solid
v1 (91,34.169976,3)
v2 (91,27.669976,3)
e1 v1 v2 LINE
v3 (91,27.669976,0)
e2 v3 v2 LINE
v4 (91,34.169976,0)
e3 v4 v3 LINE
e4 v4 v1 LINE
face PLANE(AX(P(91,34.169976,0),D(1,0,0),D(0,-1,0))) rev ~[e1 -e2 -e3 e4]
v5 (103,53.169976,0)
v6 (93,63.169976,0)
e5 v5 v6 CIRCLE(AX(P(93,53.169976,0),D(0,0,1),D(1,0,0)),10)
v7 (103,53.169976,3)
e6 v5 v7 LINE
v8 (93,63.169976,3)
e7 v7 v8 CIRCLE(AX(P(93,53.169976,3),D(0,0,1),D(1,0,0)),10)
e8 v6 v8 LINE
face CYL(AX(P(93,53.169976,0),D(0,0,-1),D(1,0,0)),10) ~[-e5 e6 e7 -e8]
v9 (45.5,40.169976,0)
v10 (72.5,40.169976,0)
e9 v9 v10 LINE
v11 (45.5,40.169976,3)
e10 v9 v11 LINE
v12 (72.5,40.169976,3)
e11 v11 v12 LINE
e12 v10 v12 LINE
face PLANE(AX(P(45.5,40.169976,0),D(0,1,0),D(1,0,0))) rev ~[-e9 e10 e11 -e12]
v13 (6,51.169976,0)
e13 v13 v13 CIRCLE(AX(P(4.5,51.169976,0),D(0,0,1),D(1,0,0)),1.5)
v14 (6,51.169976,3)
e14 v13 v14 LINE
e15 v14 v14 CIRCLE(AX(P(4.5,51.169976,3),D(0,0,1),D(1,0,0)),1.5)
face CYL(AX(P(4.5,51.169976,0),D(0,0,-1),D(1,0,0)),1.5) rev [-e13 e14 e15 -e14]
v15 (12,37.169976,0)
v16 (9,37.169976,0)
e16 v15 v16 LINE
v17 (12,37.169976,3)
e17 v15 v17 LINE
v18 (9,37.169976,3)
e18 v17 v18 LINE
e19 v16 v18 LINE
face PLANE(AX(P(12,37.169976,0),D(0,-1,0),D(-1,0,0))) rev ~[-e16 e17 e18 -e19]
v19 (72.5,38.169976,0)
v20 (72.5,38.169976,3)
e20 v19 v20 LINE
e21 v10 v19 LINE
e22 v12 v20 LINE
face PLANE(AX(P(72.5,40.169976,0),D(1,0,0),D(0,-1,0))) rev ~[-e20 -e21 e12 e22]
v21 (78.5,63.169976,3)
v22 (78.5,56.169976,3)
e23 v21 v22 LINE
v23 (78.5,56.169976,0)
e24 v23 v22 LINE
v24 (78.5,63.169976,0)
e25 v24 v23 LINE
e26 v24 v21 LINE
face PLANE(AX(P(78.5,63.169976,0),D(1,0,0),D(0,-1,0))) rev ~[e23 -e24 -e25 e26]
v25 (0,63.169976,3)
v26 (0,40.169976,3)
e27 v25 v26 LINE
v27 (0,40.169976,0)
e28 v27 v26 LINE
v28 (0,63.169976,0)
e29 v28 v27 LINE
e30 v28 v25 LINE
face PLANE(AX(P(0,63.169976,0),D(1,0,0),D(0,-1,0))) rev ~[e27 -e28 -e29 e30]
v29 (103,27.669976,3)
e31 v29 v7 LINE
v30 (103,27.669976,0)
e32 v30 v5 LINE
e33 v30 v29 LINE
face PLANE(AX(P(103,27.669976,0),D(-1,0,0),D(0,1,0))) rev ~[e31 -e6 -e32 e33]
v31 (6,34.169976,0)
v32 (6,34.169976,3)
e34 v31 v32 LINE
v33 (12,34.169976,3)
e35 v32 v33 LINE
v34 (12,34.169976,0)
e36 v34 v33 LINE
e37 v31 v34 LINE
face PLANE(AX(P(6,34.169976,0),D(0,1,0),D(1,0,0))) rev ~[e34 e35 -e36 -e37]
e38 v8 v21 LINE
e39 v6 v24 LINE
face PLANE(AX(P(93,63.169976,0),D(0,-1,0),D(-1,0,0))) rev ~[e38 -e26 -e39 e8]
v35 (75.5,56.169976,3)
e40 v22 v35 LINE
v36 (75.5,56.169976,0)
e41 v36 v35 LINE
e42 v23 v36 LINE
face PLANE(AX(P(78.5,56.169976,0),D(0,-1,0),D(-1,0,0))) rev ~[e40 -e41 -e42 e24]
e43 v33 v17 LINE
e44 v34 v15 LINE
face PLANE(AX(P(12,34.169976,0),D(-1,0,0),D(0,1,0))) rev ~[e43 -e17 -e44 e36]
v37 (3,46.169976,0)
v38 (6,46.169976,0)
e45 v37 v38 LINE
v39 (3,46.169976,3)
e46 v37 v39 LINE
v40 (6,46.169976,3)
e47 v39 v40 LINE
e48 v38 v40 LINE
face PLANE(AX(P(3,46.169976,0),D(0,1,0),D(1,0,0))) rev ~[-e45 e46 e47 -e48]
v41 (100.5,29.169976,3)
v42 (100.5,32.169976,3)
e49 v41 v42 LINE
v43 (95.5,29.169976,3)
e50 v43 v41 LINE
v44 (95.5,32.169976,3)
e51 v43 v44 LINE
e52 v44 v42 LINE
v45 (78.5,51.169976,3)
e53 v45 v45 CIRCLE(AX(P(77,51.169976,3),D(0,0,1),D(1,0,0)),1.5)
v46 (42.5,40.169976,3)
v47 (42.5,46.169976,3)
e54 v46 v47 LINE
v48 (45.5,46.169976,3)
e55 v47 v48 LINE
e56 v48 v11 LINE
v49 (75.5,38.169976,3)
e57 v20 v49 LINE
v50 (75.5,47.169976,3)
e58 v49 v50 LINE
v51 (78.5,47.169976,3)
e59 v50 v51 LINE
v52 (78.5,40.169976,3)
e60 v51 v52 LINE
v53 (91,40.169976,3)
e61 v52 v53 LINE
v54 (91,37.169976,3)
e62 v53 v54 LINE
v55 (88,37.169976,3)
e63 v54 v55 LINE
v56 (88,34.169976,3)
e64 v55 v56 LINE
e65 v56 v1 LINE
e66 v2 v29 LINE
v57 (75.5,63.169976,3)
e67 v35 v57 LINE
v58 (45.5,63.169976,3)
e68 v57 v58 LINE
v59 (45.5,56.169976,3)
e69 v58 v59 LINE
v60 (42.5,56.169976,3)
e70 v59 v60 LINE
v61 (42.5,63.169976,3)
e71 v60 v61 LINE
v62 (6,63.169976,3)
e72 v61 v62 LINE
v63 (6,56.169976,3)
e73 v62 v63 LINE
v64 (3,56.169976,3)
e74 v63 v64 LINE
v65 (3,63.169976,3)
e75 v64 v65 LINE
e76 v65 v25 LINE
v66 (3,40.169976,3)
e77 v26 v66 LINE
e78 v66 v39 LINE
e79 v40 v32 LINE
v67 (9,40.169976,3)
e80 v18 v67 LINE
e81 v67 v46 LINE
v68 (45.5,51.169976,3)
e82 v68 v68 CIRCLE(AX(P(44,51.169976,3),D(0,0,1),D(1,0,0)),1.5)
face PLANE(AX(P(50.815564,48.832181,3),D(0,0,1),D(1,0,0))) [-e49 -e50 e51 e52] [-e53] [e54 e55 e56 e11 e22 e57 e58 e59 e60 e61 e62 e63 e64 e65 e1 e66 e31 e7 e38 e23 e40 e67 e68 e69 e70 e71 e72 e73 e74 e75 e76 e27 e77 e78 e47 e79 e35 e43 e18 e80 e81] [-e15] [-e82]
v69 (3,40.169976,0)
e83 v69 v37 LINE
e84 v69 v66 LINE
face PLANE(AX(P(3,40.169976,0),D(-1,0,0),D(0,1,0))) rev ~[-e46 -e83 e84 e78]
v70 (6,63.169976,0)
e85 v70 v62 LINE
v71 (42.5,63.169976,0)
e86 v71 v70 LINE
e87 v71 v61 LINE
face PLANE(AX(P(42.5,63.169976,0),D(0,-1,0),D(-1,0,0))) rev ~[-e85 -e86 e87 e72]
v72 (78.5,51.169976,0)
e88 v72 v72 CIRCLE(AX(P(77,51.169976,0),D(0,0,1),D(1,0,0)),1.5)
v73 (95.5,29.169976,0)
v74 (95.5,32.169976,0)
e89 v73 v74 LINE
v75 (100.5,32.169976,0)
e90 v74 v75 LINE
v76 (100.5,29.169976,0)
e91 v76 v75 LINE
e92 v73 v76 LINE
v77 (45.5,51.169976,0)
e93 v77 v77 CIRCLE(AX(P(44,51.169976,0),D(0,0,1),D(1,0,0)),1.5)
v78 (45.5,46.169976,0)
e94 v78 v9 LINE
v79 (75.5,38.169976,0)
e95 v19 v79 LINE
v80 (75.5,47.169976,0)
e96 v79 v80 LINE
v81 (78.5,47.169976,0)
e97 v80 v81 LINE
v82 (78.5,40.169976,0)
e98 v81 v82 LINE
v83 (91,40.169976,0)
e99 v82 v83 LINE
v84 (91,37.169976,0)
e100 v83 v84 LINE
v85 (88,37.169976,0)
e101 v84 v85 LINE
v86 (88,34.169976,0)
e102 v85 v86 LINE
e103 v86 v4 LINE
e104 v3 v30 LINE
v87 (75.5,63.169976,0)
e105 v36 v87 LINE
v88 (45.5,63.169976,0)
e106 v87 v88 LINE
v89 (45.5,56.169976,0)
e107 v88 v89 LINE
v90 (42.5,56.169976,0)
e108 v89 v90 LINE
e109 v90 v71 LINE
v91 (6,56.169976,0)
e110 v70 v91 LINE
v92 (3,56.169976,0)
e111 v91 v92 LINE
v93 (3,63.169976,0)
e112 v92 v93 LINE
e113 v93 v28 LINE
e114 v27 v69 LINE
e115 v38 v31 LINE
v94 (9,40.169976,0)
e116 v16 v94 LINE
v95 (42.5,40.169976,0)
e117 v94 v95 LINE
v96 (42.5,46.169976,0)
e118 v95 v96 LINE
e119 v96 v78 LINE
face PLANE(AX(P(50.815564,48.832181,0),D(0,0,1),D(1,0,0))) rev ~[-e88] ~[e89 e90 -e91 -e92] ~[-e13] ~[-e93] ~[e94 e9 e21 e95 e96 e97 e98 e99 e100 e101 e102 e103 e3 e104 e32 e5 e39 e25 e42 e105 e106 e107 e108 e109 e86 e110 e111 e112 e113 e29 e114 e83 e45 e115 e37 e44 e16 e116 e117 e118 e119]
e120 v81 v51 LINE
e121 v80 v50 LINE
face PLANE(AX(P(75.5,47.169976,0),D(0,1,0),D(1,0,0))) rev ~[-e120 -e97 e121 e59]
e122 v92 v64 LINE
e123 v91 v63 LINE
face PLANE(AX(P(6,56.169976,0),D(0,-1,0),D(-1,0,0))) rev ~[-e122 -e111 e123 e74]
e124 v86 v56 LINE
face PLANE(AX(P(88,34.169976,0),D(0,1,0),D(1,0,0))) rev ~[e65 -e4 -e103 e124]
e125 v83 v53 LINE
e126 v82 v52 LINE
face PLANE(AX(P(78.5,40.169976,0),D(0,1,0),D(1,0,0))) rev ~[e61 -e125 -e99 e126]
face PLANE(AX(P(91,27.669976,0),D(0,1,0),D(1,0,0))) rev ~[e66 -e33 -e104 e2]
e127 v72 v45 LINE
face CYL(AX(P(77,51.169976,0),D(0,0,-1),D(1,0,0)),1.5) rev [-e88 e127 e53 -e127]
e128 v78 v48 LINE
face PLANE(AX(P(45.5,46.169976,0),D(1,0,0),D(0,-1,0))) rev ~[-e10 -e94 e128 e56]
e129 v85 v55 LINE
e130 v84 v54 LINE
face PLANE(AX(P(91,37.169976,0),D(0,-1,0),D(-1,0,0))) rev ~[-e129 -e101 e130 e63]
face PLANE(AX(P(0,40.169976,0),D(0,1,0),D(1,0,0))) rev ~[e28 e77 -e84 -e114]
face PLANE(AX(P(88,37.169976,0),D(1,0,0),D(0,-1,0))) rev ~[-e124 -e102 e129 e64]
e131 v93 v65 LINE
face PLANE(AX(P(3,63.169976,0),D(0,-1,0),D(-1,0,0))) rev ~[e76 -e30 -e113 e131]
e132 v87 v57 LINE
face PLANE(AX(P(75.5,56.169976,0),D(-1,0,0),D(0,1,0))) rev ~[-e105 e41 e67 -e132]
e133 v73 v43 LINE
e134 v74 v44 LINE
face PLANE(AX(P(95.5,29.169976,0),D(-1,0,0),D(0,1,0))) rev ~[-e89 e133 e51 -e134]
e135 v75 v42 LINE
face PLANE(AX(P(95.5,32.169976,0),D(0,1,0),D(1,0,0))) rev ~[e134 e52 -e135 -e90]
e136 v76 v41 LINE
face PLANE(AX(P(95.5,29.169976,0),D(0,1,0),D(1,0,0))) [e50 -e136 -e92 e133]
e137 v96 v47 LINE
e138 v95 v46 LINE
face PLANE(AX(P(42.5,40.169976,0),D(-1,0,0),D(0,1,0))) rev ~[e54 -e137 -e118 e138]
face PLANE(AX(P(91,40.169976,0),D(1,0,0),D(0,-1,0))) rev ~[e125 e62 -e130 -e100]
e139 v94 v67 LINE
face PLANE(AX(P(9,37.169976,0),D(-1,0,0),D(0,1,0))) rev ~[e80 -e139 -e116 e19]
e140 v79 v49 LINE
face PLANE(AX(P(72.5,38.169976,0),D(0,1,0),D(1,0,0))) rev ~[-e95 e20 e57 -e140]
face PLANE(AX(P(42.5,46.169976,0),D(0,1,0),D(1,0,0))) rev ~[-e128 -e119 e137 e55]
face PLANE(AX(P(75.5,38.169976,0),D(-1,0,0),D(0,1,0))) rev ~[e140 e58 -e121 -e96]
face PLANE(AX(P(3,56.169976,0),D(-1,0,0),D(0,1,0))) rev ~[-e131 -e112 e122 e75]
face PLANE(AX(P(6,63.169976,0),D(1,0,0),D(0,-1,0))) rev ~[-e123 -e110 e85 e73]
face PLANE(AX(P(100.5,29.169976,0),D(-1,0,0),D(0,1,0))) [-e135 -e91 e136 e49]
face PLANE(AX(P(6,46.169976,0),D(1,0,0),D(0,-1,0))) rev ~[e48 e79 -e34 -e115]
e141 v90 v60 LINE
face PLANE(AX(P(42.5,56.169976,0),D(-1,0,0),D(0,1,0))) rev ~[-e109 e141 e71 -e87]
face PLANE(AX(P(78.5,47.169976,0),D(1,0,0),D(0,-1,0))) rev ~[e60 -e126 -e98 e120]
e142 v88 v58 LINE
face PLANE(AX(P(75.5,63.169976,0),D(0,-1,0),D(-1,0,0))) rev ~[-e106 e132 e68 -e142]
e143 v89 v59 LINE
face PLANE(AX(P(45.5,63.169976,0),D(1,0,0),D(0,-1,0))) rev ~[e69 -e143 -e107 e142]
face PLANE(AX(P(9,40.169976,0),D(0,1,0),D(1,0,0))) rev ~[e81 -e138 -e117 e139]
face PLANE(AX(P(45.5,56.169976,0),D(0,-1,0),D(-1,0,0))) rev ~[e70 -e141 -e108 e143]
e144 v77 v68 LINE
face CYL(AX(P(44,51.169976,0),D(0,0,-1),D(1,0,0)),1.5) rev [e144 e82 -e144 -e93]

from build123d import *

# Parameters (mm, degrees)
SKETCH_1_R      = 1.5
SKETCH_1_W      = 5
SKETCH_1_H      = 3
EXTRUDE_1_DEPTH = 3


with BuildPart() as part:
    # 草图1 → 凸台-拉伸1 (new body)
    with BuildSketch(Plane.XY):
        with BuildLine():
            Line((0, 63.169976396), (0, 40.169976396))
            Line((0, 40.169976396), (3, 40.169976396))
            Line((3, 40.169976396), (3, 46.169976396))
            Line((3, 46.169976396), (6, 46.169976396))
            Line((6, 46.169976396), (6, 34.169976396))
            Line((6, 34.169976396), (12, 34.169976396))
            Line((12, 34.169976396), (12, 37.169976396))
            Line((12, 37.169976396), (9, 37.169976396))
            Line((9, 37.169976396), (9, 40.169976396))
            Line((9, 40.169976396), (42.5, 40.169976396))
            Line((42.5, 40.169976396), (42.5, 46.169976396))
            Line((42.5, 46.169976396), (45.5, 46.169976396))
            Line((45.5, 46.169976396), (45.5, 40.169976396))
            Line((45.5, 40.169976396), (72.5, 40.169976396))
            Line((72.5, 40.169976396), (72.5, 38.169976396))
            Line((72.5, 38.169976396), (75.5, 38.169976396))
            Line((75.5, 38.169976396), (75.5, 47.169976396))
            Line((75.5, 47.169976396), (78.5, 47.169976396))
            Line((78.5, 47.169976396), (78.5, 40.169976396))
            Line((78.5, 40.169976396), (91, 40.169976396))
            Line((91, 40.169976396), (91, 37.169976396))
            Line((91, 37.169976396), (88, 37.169976396))
            Line((88, 37.169976396), (88, 34.169976396))
            Line((88, 34.169976396), (91, 34.169976396))
            Line((91, 34.169976396), (91, 27.669976396))
            Line((91, 27.669976396), (103, 27.669976396))
            Line((103, 27.669976396), (103, 53.169976396))
            ThreePointArc((103, 53.169976396), (100.071067812, 60.241044208), (93, 63.169976396))
            Line((93, 63.169976396), (78.5, 63.169976396))
            Line((78.5, 63.169976396), (78.5, 56.169976396))
            Line((78.5, 56.169976396), (75.5, 56.169976396))
            Line((75.5, 56.169976396), (75.5, 63.169976396))
            Line((75.5, 63.169976396), (45.5, 63.169976396))
            Line((45.5, 63.169976396), (45.5, 56.169976396))
            Line((45.5, 56.169976396), (42.5, 56.169976396))
            Line((42.5, 56.169976396), (42.5, 63.169976396))
            Line((42.5, 63.169976396), (6, 63.169976396))
            Line((6, 63.169976396), (6, 56.169976396))
            Line((6, 56.169976396), (3, 56.169976396))
            Line((3, 56.169976396), (3, 63.169976396))
            Line((3, 63.169976396), (0, 63.169976396))
        make_face()
        with Locations((4.5, 51.169976396)):
            Circle(SKETCH_1_R, mode=Mode.SUBTRACT)
        with Locations((44, 51.169976396)):
            Circle(SKETCH_1_R, mode=Mode.SUBTRACT)
        with Locations((77, 51.169976396)):
            Circle(SKETCH_1_R, mode=Mode.SUBTRACT)
        with Locations((98, 30.669976396)):
            Rectangle(SKETCH_1_W, SKETCH_1_H, mode=Mode.SUBTRACT)
    extrude(amount=EXTRUDE_1_DEPTH)


solid = part.part
